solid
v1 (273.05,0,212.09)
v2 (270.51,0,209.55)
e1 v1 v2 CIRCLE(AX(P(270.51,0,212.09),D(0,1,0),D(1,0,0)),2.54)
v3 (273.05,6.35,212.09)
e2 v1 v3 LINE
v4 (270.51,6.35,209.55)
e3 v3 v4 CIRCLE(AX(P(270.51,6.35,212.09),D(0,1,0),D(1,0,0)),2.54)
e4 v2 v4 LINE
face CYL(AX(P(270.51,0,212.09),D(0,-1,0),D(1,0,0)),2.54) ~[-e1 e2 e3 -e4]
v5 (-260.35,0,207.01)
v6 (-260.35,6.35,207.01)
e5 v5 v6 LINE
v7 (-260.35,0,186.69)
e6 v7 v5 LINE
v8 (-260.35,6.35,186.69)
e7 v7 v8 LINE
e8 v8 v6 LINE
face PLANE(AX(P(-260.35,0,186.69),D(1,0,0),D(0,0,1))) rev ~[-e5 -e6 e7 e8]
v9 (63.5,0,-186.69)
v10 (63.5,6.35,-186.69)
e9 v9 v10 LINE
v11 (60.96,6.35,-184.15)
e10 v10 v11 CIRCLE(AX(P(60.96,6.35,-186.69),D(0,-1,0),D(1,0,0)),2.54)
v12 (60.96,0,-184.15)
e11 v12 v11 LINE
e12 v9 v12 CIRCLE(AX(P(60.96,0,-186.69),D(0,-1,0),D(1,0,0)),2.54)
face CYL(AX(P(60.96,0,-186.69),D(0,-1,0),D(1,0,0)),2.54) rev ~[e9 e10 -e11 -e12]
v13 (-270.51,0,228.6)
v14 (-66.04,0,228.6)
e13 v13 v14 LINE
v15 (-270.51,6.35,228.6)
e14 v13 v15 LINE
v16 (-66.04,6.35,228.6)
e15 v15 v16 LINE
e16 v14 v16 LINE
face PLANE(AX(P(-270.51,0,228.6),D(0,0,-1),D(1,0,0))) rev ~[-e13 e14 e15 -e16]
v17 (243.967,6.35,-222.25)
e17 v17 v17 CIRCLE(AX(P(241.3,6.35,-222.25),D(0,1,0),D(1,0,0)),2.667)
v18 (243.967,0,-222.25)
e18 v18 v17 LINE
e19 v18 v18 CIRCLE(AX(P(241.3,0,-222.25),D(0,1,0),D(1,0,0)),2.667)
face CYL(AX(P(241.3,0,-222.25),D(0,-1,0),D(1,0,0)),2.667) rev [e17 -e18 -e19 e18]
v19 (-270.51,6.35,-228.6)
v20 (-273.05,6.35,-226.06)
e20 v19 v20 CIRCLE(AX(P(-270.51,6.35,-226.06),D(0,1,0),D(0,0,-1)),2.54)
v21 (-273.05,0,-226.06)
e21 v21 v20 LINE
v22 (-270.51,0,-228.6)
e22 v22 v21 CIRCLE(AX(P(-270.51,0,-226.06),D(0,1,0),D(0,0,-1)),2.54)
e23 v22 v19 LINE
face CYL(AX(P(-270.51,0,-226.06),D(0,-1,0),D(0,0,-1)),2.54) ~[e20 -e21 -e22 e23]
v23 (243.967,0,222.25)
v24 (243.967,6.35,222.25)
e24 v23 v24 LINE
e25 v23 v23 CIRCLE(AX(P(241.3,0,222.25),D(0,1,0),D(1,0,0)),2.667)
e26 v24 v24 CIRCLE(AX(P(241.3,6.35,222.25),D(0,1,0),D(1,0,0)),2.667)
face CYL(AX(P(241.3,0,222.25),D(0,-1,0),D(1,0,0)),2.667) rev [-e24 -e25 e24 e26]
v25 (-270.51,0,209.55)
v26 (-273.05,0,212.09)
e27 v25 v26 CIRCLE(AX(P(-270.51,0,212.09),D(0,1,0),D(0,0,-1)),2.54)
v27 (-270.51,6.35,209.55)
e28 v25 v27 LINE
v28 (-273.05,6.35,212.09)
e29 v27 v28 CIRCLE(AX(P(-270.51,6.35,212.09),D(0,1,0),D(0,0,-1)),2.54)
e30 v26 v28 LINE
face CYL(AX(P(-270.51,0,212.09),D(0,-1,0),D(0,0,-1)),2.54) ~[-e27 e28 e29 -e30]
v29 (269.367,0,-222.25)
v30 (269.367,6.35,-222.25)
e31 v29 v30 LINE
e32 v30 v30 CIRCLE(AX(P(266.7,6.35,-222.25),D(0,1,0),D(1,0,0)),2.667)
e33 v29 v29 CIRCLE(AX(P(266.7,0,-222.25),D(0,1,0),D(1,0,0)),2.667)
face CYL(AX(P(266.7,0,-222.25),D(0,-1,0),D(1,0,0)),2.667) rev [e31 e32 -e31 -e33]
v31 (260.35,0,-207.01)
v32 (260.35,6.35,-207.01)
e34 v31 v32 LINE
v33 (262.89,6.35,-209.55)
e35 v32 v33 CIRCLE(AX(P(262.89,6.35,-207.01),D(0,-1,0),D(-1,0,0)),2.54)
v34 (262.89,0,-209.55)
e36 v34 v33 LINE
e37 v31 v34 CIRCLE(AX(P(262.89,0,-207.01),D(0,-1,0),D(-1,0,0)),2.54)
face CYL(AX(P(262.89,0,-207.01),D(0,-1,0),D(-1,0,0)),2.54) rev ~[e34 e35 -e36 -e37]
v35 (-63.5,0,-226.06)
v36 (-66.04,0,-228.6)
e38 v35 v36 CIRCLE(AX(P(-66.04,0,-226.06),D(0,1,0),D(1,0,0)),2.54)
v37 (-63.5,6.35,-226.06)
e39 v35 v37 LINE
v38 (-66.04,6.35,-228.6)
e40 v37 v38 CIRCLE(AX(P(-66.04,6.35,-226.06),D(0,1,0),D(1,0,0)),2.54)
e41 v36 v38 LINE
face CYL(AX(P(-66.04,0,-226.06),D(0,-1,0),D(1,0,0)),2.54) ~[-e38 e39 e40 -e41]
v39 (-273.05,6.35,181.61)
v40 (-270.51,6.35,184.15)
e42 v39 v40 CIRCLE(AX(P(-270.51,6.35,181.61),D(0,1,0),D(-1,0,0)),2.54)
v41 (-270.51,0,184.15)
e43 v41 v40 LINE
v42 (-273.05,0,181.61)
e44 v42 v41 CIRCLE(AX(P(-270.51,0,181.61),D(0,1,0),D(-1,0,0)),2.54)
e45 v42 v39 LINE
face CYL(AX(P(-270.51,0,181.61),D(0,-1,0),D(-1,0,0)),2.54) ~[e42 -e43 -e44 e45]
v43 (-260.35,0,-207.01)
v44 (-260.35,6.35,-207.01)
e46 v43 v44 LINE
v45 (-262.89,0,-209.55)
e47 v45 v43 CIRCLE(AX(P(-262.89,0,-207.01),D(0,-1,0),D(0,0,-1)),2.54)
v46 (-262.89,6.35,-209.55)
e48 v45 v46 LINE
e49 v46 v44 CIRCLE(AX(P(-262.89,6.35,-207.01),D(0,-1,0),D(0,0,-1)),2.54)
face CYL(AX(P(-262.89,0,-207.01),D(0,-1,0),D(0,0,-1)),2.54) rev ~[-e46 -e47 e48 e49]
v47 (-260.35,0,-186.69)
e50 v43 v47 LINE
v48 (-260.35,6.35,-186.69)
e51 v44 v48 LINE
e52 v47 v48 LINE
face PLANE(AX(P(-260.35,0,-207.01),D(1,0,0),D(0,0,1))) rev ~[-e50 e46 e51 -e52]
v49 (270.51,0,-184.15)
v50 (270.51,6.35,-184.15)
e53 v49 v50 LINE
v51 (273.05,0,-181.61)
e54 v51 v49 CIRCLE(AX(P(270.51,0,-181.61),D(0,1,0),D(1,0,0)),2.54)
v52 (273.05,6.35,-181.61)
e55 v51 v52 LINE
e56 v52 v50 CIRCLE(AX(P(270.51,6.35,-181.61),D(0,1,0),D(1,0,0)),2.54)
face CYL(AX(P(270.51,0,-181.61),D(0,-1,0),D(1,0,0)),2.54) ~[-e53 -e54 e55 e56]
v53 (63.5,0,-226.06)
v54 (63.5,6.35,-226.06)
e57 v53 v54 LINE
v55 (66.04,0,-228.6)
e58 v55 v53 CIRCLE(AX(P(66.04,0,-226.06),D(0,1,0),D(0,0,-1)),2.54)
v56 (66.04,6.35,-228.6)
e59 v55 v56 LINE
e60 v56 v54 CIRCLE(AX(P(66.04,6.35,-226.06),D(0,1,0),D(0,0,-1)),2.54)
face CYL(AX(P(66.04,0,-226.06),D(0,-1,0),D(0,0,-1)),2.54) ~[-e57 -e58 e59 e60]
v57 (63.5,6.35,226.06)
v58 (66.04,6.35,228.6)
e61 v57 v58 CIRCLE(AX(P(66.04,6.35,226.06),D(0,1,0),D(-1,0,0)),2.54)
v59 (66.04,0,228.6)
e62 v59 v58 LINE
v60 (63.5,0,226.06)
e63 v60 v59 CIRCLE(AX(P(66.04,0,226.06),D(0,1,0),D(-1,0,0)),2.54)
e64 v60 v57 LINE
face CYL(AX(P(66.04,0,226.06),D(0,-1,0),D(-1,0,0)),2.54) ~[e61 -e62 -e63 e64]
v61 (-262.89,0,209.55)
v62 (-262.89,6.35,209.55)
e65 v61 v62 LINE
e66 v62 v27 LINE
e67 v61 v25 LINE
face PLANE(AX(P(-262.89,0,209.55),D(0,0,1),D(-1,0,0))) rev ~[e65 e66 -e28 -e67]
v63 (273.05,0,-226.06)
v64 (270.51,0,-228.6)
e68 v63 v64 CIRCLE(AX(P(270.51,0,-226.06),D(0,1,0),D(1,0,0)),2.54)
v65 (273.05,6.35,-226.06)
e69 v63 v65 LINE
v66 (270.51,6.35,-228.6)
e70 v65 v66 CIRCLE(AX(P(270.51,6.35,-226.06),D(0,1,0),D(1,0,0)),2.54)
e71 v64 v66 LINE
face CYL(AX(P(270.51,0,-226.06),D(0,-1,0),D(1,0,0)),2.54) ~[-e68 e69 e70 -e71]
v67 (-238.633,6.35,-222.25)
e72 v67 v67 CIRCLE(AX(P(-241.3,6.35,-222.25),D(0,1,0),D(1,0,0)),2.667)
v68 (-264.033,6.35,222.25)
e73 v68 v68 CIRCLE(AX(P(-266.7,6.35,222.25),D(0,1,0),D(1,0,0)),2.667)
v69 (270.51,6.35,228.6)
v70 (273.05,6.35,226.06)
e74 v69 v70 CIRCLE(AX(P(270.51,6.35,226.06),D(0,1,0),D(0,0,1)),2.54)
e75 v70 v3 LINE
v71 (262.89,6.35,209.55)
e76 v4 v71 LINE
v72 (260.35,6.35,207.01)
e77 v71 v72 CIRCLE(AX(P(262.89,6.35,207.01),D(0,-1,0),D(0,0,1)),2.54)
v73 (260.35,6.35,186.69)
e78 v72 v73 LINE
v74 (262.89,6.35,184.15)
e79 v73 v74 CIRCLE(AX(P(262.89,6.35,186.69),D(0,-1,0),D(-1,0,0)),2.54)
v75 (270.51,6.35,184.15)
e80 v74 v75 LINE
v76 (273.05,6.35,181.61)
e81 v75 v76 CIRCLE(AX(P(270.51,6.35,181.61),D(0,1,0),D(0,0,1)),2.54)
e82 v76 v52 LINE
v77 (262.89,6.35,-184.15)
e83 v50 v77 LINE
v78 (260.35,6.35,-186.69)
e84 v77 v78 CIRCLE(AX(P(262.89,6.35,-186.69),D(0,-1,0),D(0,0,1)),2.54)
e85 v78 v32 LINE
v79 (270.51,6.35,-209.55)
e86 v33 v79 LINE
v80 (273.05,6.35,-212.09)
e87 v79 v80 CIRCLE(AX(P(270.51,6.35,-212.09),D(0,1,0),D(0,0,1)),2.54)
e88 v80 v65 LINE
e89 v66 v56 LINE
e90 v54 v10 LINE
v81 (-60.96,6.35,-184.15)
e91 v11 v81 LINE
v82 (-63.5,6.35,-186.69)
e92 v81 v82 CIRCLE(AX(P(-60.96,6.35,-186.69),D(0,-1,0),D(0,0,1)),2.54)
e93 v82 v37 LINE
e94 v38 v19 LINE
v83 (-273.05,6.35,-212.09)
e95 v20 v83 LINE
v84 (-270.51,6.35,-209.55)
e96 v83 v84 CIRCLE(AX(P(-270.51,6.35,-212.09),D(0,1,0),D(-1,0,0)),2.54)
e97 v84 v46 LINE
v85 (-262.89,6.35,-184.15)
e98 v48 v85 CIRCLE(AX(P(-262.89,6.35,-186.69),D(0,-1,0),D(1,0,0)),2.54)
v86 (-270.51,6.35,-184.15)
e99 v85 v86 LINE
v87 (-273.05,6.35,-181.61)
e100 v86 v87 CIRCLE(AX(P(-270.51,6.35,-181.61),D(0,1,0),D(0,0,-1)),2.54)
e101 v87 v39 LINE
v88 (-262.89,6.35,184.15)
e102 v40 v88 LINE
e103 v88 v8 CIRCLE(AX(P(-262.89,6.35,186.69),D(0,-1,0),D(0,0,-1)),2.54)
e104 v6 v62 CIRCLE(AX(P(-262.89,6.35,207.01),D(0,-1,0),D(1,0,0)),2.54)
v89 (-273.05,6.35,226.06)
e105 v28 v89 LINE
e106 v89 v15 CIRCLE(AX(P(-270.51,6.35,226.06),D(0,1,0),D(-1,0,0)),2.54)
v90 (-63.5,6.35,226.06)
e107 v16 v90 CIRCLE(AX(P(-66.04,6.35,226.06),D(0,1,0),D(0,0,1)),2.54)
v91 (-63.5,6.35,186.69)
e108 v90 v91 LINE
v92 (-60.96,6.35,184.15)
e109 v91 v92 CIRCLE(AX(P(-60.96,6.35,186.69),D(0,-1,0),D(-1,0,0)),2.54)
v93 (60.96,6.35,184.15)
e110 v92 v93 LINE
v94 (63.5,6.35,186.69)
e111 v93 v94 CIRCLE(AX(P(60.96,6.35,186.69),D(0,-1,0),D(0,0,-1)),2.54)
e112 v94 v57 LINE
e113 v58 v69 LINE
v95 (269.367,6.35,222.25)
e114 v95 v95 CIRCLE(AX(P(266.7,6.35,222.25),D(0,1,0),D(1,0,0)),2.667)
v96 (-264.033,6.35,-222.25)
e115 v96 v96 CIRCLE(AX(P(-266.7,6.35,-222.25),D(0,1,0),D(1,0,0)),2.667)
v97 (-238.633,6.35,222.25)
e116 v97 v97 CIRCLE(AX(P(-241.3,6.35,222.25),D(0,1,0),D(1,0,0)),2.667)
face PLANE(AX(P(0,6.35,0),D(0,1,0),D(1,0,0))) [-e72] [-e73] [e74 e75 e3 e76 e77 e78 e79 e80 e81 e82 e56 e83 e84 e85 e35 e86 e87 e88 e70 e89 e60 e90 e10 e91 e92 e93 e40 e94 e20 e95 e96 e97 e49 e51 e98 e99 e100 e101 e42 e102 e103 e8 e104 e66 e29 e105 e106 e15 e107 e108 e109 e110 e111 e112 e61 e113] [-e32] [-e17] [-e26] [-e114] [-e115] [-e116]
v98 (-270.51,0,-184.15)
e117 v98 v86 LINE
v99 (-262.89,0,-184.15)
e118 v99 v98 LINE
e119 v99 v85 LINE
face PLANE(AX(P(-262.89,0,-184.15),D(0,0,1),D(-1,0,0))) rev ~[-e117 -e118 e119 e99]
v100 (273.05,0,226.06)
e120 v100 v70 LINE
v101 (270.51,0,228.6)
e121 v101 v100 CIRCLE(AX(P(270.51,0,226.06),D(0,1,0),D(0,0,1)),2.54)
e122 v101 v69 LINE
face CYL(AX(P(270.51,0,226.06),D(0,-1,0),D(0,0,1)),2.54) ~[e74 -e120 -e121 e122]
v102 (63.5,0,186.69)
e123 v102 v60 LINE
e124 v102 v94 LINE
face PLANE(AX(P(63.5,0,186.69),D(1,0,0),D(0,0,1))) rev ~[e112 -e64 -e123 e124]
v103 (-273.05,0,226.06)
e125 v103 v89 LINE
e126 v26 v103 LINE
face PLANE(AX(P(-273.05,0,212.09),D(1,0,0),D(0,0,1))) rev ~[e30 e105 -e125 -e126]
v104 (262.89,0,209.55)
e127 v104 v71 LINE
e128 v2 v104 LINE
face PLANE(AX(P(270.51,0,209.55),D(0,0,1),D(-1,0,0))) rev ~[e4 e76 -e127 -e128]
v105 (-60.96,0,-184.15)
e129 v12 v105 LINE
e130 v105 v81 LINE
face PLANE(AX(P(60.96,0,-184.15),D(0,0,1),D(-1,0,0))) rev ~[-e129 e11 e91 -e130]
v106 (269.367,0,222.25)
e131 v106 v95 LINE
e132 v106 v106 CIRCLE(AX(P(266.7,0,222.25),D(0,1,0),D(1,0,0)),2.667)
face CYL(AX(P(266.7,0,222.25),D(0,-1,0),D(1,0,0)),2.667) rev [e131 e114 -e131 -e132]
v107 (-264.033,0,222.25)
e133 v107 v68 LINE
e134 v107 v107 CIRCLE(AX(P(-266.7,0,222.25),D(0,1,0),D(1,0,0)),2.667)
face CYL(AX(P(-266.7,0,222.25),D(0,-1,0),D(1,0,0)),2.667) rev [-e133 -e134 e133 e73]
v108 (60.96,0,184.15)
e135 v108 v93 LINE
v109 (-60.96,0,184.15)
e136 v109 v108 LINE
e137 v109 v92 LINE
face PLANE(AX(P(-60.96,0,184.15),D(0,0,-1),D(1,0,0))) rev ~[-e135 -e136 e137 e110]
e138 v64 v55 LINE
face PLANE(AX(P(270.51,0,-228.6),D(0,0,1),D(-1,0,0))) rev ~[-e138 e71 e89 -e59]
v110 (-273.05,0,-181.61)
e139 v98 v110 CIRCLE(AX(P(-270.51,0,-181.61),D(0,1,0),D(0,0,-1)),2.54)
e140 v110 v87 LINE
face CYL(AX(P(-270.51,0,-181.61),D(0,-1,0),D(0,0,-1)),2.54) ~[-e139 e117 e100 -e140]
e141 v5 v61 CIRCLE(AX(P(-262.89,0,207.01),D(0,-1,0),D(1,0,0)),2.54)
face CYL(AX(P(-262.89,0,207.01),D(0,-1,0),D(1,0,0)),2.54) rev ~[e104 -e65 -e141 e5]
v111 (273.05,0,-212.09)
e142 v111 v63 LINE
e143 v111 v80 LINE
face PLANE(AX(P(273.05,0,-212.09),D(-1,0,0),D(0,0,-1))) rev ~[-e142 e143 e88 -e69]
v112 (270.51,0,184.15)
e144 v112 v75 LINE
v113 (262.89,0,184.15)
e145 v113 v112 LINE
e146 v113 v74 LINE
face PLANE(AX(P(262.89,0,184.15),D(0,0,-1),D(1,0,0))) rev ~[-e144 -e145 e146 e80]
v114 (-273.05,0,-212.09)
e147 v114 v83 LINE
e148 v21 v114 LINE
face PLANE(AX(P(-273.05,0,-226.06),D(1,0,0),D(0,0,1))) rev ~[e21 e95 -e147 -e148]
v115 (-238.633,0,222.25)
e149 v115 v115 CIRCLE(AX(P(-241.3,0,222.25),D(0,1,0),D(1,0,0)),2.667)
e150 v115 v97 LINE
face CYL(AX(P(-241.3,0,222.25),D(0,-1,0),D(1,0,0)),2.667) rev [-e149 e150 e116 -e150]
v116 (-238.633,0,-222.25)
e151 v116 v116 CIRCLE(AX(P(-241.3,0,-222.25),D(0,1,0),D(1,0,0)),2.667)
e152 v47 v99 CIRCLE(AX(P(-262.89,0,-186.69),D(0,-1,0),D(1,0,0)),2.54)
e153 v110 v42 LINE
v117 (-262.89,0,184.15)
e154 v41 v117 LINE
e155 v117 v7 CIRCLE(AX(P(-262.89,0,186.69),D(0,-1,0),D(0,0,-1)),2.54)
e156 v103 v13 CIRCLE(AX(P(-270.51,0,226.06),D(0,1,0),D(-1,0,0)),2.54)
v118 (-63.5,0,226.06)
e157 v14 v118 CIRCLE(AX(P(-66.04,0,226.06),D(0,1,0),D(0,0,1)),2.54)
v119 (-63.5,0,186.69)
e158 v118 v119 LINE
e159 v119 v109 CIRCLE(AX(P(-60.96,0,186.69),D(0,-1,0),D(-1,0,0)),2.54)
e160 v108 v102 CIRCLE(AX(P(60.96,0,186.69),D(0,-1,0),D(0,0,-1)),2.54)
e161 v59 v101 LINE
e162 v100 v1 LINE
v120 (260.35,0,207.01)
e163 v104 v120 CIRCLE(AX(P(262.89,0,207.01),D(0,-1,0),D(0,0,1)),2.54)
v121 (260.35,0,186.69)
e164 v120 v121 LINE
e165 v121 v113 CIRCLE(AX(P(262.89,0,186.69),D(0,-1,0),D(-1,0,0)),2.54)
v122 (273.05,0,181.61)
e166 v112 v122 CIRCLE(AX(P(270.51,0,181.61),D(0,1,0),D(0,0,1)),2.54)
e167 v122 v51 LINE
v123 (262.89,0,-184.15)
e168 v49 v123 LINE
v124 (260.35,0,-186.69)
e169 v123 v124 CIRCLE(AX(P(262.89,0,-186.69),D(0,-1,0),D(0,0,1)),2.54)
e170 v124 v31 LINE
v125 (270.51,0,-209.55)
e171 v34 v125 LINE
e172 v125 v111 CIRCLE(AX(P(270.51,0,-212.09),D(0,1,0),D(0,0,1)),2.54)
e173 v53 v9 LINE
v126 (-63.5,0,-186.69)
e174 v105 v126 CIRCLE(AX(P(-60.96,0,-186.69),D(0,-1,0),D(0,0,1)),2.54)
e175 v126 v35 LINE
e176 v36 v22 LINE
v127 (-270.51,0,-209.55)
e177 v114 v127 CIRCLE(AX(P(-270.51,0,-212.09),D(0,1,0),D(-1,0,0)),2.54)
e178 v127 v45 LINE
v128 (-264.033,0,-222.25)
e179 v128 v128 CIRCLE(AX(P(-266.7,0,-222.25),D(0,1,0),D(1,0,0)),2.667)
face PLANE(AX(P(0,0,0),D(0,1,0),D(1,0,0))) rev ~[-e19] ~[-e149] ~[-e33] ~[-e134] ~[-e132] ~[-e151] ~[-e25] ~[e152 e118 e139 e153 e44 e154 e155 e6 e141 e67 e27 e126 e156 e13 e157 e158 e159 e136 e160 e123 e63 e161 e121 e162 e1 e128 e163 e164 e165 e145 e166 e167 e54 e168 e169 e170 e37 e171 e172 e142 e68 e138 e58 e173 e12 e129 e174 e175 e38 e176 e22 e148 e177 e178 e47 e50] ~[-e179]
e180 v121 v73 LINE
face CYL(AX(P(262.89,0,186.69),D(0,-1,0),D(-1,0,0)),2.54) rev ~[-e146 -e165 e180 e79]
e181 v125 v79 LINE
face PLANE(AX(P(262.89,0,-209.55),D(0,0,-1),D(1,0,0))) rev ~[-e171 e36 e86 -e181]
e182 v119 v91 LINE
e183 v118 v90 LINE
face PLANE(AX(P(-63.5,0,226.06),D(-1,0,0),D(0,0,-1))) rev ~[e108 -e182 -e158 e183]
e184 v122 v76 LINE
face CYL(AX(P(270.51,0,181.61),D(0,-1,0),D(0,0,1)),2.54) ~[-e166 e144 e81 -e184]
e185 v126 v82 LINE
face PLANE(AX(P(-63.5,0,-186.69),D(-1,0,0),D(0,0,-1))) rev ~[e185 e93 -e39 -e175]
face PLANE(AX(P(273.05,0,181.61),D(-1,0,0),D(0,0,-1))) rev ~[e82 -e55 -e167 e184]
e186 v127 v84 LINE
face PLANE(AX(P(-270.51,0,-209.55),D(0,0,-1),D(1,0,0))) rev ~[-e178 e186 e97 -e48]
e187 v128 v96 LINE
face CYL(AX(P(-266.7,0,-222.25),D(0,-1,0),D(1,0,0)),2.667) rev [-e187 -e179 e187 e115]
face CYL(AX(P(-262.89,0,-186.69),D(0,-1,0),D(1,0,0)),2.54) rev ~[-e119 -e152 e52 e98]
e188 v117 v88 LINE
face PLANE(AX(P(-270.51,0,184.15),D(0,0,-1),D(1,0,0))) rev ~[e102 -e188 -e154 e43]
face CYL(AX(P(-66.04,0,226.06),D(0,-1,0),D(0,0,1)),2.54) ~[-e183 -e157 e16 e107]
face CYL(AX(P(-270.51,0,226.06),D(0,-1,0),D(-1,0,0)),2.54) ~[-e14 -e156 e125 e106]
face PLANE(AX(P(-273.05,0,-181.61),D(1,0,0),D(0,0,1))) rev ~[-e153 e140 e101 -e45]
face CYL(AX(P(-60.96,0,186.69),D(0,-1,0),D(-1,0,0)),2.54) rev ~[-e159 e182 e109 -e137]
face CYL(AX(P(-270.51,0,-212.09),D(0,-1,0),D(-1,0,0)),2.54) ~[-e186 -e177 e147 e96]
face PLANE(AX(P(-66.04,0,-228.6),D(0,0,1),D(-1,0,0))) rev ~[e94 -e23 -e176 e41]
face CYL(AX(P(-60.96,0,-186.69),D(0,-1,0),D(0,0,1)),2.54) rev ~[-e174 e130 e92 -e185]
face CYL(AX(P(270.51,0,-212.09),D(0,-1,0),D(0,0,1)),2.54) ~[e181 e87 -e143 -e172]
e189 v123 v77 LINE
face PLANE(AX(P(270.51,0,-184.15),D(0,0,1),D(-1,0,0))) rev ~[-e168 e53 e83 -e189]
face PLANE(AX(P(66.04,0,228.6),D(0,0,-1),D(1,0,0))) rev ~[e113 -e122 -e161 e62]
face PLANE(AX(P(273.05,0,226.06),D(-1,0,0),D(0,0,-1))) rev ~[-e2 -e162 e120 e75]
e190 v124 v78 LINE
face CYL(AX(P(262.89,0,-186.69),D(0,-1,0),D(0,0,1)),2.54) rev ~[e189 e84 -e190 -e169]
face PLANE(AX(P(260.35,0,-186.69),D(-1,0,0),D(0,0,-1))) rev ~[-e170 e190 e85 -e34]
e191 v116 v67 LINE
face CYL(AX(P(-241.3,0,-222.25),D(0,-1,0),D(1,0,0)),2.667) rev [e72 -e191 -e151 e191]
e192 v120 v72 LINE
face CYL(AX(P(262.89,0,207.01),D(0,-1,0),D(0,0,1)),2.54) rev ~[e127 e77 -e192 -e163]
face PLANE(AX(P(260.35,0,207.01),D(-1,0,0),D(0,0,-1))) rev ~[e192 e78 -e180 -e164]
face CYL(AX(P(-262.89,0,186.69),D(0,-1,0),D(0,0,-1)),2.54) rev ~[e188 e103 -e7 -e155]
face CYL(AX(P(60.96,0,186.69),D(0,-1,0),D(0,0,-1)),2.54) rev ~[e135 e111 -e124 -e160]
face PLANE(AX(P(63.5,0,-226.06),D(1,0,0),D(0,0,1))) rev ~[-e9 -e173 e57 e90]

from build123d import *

# Parameters (mm, degrees)
SKETCH1_R           = 2.667
BOSS_EXTRUDE1_DEPTH = 6.35


with BuildPart() as part:
    # Sketch1 → Boss-Extrude1 (new body)
    with BuildSketch(Plane(origin=(0, 0, 0), x_dir=(1, 0, 0), z_dir=(0, 1, 0))):
        with BuildLine():
            Line((-273.05, 226.06), (-273.05, 212.09))
            ThreePointArc((-273.05, 212.09), (-272.306051224, 210.293948776), (-270.51, 209.55))
            Line((-270.51, 209.55), (-262.89, 209.55))
            ThreePointArc((-262.89, 209.55), (-261.093948776, 208.806051224), (-260.35, 207.01))
            Line((-260.35, 207.01), (-260.35, 186.69))
            ThreePointArc((-260.35, 186.69), (-261.093948776, 184.893948776), (-262.89, 184.15))
            Line((-262.89, 184.15), (-270.51, 184.15))
            ThreePointArc((-270.51, 184.15), (-272.306051224, 183.406051224), (-273.05, 181.61))
            Line((-273.05, 181.61), (-273.05, -181.61))
            ThreePointArc((-273.05, -181.61), (-272.306051224, -183.406051224), (-270.51, -184.15))
            Line((-270.51, -184.15), (-262.89, -184.15))
            ThreePointArc((-262.89, -184.15), (-261.093948776, -184.893948776), (-260.35, -186.69))
            Line((-260.35, -186.69), (-260.35, -207.01))
            ThreePointArc((-260.35, -207.01), (-261.093948776, -208.806051224), (-262.89, -209.55))
            Line((-262.89, -209.55), (-270.51, -209.55))
            ThreePointArc((-270.51, -209.55), (-272.306051224, -210.293948776), (-273.05, -212.09))
            Line((-273.05, -212.09), (-273.05, -226.06))
            ThreePointArc((-273.05, -226.06), (-272.306051224, -227.856051224), (-270.51, -228.6))
            Line((-270.51, -228.6), (-66.04, -228.6))
            ThreePointArc((-66.04, -228.6), (-64.243948776, -227.856051224), (-63.5, -226.06))
            Line((-63.5, -226.06), (-63.5, -186.69))
            ThreePointArc((-63.5, -186.69), (-62.756051224, -184.893948776), (-60.96, -184.15))
            Line((-60.96, -184.15), (60.96, -184.15))
            ThreePointArc((60.96, -184.15), (62.756051224, -184.893948776), (63.5, -186.69))
            Line((63.5, -186.69), (63.5, -226.06))
            ThreePointArc((63.5, -226.06), (64.243948776, -227.856051224), (66.04, -228.6))
            Line((66.04, -228.6), (270.51, -228.6))
            ThreePointArc((270.51, -228.6), (272.306051224, -227.856051224), (273.05, -226.06))
            Line((273.05, -226.06), (273.05, -212.09))
            ThreePointArc((273.05, -212.09), (272.306051224, -210.293948776), (270.51, -209.55))
            Line((270.51, -209.55), (262.89, -209.55))
            ThreePointArc((262.89, -209.55), (261.093948776, -208.806051224), (260.35, -207.01))
            Line((260.35, -207.01), (260.35, -186.69))
            ThreePointArc((260.35, -186.69), (261.093948776, -184.893948776), (262.89, -184.15))
            Line((262.89, -184.15), (270.51, -184.15))
            ThreePointArc((270.51, -184.15), (272.306051224, -183.406051224), (273.05, -181.61))
            Line((273.05, -181.61), (273.05, 181.61))
            ThreePointArc((273.05, 181.61), (272.306051224, 183.406051224), (270.51, 184.15))
            Line((270.51, 184.15), (262.89, 184.15))
            ThreePointArc((262.89, 184.15), (261.093948776, 184.893948776), (260.35, 186.69))
            Line((260.35, 186.69), (260.35, 207.01))
            ThreePointArc((260.35, 207.01), (261.093948776, 208.806051224), (262.89, 209.55))
            Line((262.89, 209.55), (270.51, 209.55))
            ThreePointArc((270.51, 209.55), (272.306051224, 210.293948776), (273.05, 212.09))
            Line((273.05, 212.09), (273.05, 226.06))
            ThreePointArc((273.05, 226.06), (272.306051224, 227.856051224), (270.51, 228.6))
            Line((270.51, 228.6), (66.04, 228.6))
            ThreePointArc((66.04, 228.6), (64.243948776, 227.856051224), (63.5, 226.06))
            Line((63.5, 226.06), (63.5, 186.69))
            ThreePointArc((63.5, 186.69), (62.756051224, 184.893948776), (60.96, 184.15))
            Line((60.96, 184.15), (-60.96, 184.15))
            ThreePointArc((-60.96, 184.15), (-62.756051224, 184.893948776), (-63.5, 186.69))
            Line((-63.5, 186.69), (-63.5, 226.06))
            ThreePointArc((-63.5, 226.06), (-64.243948776, 227.856051224), (-66.04, 228.6))
            Line((-66.04, 228.6), (-270.51, 228.6))
            ThreePointArc((-270.51, 228.6), (-272.306051224, 227.856051224), (-273.05, 226.06))
        make_face()
        with Locations((-266.7, 222.25)):
            Circle(SKETCH1_R, mode=Mode.SUBTRACT)
        with Locations((266.7, 222.25)):
            Circle(SKETCH1_R, mode=Mode.SUBTRACT)
        with Locations((-241.3, 222.25)):
            Circle(SKETCH1_R, mode=Mode.SUBTRACT)
        with Locations((241.3, 222.25)):
            Circle(SKETCH1_R, mode=Mode.SUBTRACT)
        with Locations((-266.7, -222.25)):
            Circle(SKETCH1_R, mode=Mode.SUBTRACT)
        with Locations((266.7, -222.25)):
            Circle(SKETCH1_R, mode=Mode.SUBTRACT)
        with Locations((-241.3, -222.25)):
            Circle(SKETCH1_R, mode=Mode.SUBTRACT)
        with Locations((241.3, -222.25)):
            Circle(SKETCH1_R, mode=Mode.SUBTRACT)
    extrude(amount=BOSS_EXTRUDE1_DEPTH)


solid = part.part
